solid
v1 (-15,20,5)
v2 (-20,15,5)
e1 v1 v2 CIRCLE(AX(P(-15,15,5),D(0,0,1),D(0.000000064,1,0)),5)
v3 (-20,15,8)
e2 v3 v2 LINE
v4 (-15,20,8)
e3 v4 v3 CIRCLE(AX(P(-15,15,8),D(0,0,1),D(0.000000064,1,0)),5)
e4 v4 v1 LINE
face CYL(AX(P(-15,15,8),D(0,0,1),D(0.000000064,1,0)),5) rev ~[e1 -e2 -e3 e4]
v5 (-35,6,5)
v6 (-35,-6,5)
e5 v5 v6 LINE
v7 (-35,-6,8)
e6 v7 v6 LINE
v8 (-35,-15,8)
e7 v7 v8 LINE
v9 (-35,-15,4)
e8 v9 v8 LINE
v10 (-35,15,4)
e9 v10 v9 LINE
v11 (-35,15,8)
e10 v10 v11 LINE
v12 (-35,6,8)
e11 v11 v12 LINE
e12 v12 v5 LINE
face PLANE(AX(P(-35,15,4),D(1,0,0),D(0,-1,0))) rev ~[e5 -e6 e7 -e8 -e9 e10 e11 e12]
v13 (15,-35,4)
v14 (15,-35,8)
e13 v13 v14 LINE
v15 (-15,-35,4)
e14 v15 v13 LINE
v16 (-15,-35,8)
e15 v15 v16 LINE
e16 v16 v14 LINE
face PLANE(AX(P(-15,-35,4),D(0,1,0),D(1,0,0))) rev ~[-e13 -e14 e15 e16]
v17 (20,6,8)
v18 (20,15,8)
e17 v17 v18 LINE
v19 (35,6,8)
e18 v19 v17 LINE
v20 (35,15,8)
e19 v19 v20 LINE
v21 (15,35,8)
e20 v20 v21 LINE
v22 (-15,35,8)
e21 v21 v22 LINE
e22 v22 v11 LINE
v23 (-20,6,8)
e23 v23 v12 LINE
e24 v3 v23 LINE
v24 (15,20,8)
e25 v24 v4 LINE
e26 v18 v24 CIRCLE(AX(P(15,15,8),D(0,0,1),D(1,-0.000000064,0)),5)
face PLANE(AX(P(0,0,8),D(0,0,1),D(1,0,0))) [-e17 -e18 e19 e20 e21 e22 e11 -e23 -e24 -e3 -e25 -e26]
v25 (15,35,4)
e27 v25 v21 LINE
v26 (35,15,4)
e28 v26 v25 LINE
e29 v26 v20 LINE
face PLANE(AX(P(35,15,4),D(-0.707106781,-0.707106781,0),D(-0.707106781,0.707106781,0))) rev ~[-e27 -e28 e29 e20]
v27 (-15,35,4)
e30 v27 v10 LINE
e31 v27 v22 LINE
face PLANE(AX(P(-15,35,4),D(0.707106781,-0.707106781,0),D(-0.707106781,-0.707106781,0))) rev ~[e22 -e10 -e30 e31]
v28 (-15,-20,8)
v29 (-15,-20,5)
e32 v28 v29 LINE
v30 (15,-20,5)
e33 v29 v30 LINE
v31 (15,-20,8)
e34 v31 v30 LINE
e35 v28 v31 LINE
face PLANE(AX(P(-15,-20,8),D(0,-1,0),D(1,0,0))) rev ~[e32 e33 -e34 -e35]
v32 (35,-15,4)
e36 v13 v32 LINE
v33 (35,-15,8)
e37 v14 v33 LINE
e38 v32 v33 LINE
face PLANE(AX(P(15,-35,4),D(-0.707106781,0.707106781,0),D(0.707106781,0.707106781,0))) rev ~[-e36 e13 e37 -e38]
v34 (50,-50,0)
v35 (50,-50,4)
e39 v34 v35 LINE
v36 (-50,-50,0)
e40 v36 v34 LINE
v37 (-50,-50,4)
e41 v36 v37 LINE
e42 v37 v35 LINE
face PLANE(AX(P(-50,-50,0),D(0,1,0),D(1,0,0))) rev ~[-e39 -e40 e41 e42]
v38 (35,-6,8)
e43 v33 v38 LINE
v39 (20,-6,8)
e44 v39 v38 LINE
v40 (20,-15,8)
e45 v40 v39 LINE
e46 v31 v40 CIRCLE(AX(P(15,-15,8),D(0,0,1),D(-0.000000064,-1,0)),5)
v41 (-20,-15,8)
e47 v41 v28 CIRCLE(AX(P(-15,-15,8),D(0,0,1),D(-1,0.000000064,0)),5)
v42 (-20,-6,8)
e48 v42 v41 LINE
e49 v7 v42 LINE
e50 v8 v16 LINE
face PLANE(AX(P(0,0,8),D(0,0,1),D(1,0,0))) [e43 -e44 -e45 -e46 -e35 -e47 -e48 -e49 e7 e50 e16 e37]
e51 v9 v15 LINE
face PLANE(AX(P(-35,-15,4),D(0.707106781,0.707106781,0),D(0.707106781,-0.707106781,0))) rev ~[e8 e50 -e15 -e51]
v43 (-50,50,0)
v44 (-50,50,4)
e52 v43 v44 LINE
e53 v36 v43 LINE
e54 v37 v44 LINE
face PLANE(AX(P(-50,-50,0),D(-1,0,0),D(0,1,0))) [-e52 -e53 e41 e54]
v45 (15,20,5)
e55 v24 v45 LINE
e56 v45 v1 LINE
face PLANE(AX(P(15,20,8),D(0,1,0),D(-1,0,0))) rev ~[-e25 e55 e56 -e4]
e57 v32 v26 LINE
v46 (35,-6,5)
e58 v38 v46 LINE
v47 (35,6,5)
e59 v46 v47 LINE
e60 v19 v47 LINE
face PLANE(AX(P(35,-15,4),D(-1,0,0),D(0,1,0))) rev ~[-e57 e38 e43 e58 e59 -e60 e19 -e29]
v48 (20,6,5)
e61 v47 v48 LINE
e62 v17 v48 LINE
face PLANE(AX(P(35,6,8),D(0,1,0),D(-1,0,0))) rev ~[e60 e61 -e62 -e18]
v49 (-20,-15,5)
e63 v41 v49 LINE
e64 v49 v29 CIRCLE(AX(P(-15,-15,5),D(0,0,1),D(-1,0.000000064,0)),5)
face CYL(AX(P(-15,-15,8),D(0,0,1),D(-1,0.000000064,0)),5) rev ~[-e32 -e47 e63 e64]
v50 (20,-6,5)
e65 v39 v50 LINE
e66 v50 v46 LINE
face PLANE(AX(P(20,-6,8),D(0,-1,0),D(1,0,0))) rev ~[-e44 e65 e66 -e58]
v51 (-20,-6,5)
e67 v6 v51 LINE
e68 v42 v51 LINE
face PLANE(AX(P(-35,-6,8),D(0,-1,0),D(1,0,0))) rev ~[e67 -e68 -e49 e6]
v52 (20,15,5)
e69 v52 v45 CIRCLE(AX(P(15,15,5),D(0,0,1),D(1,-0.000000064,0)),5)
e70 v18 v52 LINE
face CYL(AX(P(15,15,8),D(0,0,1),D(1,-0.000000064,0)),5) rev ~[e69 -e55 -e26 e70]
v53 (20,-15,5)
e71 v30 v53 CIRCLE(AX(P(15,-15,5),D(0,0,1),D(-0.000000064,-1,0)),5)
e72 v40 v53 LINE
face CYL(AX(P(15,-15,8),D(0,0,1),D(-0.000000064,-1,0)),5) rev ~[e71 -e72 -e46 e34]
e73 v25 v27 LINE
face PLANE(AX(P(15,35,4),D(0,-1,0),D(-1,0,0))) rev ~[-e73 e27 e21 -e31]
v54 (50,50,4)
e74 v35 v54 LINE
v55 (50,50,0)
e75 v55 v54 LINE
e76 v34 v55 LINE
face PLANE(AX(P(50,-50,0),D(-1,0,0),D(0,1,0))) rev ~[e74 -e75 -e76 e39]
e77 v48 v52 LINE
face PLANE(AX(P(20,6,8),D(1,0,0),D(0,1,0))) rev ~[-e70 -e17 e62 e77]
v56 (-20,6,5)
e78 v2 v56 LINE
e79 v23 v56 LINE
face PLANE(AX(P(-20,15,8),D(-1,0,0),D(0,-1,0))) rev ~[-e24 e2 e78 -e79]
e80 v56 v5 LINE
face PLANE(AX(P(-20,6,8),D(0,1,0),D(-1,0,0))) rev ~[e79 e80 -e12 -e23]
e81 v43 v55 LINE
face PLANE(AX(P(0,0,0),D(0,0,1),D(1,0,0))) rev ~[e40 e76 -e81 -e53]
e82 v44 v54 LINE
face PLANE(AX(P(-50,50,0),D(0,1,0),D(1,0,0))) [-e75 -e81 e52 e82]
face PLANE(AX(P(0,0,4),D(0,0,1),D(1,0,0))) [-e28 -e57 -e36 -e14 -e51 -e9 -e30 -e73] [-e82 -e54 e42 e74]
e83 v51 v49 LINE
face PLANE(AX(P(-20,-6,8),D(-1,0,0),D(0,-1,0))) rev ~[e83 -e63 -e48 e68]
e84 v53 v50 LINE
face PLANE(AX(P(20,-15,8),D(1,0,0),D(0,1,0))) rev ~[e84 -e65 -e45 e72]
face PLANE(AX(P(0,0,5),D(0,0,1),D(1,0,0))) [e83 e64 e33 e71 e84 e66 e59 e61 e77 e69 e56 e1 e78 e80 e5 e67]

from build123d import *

# Parameters (mm, degrees)
F0_W     = 100
F0_H     = 100
F1_DEPTH = 4
F3_DEPTH = 4
F5_DEPTH = 3


with BuildPart() as f1:
    # F0 (on Top) → F1 (new body)
    with BuildSketch(Plane.XY):
        Rectangle(F0_W, F0_H)
    extrude(amount=F1_DEPTH)

    # F2 (on face) → F3 (join)
    with BuildSketch(Plane.XY.offset(4)):
        Polygon((35, -15), (35, 15), (15, 35), (0, 35), (-15, 35), (-35, 15), (-35, -15), (-15, -35), (0, -35), (15, -35), align=None)
    extrude(amount=F3_DEPTH)

    # F4 (on face) → F5 (cut)
    with BuildSketch(Plane.XY.offset(8)):
        with BuildLine():
            Line((15, 20), (-15, 20))
            ThreePointArc((-15, 20), (-18.535534, 18.535534), (-20, 15))
            Line((-20, 15), (-20, 6))
            Line((-20, 6), (-35, 6))
            Line((-35, 6), (-35, -6))
            Line((-35, -6), (-20, -6))
            Line((-20, -6), (-20, -15))
            ThreePointArc((-20, -15), (-18.535534, -18.535534), (-15, -20))
            Line((-15, -20), (15, -20))
            ThreePointArc((15, -20), (18.535534, -18.535534), (20, -15))
            Line((20, -15), (20, -6))
            Line((20, -6), (35, -6))
            Line((35, -6), (35, 6))
            Line((35, 6), (20, 6))
            Line((20, 6), (20, 15))
            ThreePointArc((20, 15), (18.535534, 18.535534), (15, 20))
        make_face()
    extrude(amount=-F5_DEPTH, mode=Mode.SUBTRACT)


solid = f1.part
